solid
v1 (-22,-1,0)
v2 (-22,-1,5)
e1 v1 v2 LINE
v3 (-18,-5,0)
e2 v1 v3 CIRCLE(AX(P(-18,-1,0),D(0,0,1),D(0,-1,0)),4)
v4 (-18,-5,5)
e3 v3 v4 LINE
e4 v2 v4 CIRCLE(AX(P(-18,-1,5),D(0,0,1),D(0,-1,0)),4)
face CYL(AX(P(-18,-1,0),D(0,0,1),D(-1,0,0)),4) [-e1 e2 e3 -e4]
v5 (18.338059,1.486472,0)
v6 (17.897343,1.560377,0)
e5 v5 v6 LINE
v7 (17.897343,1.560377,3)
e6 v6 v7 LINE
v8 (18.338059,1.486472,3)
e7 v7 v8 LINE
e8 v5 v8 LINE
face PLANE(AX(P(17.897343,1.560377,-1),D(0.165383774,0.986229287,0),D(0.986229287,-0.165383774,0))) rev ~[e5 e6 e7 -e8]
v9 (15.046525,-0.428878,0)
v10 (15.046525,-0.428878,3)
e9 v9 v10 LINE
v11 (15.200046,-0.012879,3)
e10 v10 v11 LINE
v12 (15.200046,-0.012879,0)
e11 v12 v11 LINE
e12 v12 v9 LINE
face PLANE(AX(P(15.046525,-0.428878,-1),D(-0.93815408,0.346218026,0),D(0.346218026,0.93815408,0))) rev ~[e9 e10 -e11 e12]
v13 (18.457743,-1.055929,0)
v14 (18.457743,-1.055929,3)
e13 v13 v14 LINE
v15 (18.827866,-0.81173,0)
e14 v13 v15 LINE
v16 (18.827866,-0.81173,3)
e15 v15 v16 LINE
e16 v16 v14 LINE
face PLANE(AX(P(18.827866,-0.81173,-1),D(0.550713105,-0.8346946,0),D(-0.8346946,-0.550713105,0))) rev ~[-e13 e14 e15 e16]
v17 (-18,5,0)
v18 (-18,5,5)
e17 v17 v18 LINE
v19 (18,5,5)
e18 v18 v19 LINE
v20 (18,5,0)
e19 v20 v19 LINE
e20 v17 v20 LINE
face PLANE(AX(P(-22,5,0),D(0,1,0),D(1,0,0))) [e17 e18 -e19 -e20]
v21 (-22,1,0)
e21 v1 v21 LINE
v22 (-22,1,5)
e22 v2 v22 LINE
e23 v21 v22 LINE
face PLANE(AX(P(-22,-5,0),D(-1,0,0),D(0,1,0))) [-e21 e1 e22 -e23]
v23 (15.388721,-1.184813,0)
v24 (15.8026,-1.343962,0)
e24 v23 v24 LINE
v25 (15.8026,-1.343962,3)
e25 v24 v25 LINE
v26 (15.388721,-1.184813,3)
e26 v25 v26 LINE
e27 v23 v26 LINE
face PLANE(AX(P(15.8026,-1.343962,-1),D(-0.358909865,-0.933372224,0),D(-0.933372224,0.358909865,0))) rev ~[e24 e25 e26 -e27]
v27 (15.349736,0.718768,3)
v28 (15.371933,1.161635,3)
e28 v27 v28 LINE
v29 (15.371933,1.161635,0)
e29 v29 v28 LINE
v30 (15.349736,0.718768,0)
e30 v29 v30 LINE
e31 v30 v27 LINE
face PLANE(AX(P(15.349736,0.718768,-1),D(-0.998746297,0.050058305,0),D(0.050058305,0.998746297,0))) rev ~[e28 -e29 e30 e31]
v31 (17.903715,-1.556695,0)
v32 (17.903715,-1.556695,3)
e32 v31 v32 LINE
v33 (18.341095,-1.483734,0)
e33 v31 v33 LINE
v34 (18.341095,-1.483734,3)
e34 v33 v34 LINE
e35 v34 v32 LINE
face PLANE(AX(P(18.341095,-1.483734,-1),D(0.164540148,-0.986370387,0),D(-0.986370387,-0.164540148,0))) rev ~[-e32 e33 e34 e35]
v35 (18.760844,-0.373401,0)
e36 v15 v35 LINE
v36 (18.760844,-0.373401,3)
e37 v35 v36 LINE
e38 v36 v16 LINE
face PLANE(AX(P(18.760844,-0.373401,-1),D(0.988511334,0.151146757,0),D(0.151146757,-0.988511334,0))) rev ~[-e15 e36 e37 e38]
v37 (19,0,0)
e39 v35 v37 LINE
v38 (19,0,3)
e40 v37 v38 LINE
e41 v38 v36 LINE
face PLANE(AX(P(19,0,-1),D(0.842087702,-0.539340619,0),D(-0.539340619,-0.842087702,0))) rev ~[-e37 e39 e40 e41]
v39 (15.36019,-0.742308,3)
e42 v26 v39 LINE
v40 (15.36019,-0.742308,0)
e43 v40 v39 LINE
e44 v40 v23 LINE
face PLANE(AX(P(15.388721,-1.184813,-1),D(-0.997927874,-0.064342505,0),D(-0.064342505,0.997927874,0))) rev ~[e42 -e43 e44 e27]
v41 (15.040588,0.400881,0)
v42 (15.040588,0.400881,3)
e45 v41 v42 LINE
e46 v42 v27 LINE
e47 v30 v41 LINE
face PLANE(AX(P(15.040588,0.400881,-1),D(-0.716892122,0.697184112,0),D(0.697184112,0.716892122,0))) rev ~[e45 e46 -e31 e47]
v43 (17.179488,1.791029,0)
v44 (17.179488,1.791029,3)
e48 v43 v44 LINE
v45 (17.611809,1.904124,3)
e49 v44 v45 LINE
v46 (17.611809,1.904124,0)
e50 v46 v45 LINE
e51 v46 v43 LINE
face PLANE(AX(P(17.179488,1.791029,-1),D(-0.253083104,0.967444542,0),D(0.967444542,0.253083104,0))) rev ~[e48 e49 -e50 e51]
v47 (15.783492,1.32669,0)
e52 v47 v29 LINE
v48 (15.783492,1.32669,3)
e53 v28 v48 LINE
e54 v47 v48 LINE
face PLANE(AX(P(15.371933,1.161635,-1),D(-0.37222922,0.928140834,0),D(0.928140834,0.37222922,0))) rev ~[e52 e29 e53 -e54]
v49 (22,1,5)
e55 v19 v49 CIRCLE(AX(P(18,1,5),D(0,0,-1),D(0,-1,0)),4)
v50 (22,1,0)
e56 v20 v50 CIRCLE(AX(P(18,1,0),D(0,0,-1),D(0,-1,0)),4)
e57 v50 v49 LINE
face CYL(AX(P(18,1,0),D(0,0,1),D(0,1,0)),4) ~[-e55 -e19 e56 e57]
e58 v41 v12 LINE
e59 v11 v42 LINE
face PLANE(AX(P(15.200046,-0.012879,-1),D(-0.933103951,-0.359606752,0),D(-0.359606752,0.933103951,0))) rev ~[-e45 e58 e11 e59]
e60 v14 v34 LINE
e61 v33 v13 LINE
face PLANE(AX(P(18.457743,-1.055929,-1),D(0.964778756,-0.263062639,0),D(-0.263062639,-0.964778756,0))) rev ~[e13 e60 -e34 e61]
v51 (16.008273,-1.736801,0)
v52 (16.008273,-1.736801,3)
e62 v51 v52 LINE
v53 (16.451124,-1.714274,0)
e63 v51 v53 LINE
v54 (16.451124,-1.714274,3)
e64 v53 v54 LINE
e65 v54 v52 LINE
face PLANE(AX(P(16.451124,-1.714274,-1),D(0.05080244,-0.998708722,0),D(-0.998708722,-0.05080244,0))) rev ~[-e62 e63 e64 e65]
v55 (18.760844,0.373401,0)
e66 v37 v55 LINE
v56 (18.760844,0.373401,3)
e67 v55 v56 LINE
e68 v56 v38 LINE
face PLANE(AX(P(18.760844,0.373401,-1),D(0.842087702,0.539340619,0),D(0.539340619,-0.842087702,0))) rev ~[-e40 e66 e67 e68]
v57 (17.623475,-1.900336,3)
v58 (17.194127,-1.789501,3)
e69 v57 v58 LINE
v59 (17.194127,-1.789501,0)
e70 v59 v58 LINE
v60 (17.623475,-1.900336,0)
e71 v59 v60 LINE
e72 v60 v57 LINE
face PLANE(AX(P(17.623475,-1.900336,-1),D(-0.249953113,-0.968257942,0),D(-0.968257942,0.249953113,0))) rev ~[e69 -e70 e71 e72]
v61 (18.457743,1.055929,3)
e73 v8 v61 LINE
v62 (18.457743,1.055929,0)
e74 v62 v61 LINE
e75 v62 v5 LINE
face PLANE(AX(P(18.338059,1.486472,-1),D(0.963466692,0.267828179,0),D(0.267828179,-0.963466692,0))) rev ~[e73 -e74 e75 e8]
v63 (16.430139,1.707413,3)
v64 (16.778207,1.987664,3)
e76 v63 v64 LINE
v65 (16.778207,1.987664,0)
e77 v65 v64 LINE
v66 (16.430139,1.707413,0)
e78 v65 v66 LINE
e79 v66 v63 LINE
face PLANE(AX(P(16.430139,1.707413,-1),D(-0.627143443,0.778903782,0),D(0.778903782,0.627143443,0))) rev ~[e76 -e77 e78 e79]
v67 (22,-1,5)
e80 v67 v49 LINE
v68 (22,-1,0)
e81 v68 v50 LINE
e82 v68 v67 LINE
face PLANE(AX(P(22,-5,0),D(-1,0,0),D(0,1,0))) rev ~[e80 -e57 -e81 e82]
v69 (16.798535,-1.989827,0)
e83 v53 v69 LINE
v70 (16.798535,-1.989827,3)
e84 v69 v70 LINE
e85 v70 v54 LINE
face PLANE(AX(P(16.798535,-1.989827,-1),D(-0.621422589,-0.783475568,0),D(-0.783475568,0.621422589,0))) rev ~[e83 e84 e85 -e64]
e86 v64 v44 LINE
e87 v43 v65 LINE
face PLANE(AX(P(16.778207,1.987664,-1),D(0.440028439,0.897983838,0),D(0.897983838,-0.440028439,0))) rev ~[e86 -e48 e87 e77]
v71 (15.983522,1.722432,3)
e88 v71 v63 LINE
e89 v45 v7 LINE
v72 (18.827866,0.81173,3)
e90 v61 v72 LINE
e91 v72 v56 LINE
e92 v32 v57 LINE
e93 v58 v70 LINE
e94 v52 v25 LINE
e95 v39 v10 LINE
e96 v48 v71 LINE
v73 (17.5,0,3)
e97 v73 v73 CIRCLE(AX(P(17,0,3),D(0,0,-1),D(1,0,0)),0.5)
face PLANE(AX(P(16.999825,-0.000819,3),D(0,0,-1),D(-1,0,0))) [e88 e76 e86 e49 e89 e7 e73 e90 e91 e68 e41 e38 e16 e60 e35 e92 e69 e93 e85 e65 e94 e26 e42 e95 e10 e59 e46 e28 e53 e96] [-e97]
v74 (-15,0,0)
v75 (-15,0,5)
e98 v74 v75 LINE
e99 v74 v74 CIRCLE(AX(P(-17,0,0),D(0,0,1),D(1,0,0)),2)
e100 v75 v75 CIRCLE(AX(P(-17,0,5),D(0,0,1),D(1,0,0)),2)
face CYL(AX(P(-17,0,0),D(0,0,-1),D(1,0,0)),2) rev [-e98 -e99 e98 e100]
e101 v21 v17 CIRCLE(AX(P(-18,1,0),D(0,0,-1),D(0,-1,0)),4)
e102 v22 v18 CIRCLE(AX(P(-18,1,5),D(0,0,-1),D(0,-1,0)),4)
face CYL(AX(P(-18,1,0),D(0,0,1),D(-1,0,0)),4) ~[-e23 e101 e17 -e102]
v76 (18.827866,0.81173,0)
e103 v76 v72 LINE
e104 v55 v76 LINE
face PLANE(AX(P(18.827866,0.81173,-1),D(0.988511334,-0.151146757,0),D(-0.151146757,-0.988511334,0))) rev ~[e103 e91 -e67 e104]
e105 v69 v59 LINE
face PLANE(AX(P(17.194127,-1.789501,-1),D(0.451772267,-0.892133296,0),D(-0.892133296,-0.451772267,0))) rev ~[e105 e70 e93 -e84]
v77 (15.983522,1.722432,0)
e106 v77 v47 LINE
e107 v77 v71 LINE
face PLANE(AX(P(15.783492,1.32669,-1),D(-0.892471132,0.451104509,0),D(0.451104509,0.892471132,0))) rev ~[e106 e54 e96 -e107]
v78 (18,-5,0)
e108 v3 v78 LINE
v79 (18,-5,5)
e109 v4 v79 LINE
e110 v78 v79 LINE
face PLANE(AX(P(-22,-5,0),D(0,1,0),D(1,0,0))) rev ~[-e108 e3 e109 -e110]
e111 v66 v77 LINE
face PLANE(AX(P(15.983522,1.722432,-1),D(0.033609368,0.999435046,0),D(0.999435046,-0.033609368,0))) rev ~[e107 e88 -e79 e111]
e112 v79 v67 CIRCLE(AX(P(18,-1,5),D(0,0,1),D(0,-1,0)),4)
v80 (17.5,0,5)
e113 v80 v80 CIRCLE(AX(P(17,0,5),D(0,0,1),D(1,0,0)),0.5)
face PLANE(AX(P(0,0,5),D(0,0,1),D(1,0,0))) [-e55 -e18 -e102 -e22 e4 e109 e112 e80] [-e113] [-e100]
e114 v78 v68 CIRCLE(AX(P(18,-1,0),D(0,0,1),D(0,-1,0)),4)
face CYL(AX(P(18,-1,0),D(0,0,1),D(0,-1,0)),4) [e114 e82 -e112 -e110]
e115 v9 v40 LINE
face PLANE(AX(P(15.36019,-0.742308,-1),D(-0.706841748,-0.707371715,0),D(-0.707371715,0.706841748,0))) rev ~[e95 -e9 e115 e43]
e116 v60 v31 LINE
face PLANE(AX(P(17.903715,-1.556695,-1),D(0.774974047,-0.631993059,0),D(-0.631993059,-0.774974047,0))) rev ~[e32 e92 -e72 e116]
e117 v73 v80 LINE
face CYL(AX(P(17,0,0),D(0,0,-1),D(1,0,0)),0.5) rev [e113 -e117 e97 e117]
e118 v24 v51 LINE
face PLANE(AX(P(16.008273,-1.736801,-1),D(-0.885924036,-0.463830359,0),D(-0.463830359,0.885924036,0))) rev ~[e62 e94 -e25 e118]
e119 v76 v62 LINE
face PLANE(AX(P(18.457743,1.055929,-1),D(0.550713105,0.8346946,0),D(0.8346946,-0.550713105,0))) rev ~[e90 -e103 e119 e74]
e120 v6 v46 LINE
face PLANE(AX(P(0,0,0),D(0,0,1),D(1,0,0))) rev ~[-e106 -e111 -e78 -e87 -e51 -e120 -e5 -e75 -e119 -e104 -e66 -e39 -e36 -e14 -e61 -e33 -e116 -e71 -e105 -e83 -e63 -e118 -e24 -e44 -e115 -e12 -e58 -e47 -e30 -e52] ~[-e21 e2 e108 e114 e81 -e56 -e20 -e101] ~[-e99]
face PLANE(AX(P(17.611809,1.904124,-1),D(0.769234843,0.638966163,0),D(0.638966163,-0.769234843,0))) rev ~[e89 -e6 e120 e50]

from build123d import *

# Parameters (mm, degrees)
PAD001_DEPTH = 4
SKETCH_W     = 44
SKETCH_H     = 10
SKETCH_R     = 2
SKETCH_R_2   = 0.5
PAD_DEPTH    = 5
FILLET_R     = 4


with BuildPart() as body001:
    # Sketch001 → Pad001 (new body)
    with BuildSketch(Plane.XY):
        Polygon((0.897343, 1.560377), (1.338059, 1.486472), (1.457743, 1.055929), (1.827866, 0.81173), (1.760844, 0.373401), (2, 0), (1.760844, -0.373401), (1.827866, -0.81173), (1.457743, -1.055929), (1.341095, -1.483734), (0.903715, -1.556695), (0.623475, -1.900336), (0.194127, -1.789501), (-0.201465, -1.989827), (-0.548876, -1.714274), (-0.991727, -1.736801), (-1.1974, -1.343962), (-1.611279, -1.184813), (-1.63981, -0.742308), (-1.953475, -0.428878), (-1.799954, -0.012879), (-1.959412, 0.400881), (-1.650264, 0.718768), (-1.628067, 1.161635), (-1.216508, 1.32669), (-1.016478, 1.722432), (-0.569861, 1.707413), (-0.221793, 1.987664), (0.179488, 1.791029), (0.611809, 1.904124), align=None)
    extrude(amount=PAD001_DEPTH)


with BuildPart() as body001_1:
    # Body001 placement: moved
    add(body001.part.moved(Location((17, 0, -1))))


with BuildPart() as cut:
    # Sketch → Pad (new body)
    with BuildSketch(Plane.XY):
        Rectangle(SKETCH_W, SKETCH_H)
        with Locations((-17, 0)):
            Circle(SKETCH_R, mode=Mode.SUBTRACT)
        with Locations((17, 0)):
            Circle(SKETCH_R_2, mode=Mode.SUBTRACT)
    extrude(amount=PAD_DEPTH)

    # Fillet
    fillet_edges = [cut.edges().sort_by_distance(p)[0] for p in [
        (-22, 5, 2.5),
        (-22, -5, 2.5),
        (22, -5, 2.5),
        (22, 5, 2.5),
    ]]
    fillet(fillet_edges, radius=FILLET_R)

    # Cut: cut Body001
    add(body001_1.part, mode=Mode.SUBTRACT)


solid = cut.part
